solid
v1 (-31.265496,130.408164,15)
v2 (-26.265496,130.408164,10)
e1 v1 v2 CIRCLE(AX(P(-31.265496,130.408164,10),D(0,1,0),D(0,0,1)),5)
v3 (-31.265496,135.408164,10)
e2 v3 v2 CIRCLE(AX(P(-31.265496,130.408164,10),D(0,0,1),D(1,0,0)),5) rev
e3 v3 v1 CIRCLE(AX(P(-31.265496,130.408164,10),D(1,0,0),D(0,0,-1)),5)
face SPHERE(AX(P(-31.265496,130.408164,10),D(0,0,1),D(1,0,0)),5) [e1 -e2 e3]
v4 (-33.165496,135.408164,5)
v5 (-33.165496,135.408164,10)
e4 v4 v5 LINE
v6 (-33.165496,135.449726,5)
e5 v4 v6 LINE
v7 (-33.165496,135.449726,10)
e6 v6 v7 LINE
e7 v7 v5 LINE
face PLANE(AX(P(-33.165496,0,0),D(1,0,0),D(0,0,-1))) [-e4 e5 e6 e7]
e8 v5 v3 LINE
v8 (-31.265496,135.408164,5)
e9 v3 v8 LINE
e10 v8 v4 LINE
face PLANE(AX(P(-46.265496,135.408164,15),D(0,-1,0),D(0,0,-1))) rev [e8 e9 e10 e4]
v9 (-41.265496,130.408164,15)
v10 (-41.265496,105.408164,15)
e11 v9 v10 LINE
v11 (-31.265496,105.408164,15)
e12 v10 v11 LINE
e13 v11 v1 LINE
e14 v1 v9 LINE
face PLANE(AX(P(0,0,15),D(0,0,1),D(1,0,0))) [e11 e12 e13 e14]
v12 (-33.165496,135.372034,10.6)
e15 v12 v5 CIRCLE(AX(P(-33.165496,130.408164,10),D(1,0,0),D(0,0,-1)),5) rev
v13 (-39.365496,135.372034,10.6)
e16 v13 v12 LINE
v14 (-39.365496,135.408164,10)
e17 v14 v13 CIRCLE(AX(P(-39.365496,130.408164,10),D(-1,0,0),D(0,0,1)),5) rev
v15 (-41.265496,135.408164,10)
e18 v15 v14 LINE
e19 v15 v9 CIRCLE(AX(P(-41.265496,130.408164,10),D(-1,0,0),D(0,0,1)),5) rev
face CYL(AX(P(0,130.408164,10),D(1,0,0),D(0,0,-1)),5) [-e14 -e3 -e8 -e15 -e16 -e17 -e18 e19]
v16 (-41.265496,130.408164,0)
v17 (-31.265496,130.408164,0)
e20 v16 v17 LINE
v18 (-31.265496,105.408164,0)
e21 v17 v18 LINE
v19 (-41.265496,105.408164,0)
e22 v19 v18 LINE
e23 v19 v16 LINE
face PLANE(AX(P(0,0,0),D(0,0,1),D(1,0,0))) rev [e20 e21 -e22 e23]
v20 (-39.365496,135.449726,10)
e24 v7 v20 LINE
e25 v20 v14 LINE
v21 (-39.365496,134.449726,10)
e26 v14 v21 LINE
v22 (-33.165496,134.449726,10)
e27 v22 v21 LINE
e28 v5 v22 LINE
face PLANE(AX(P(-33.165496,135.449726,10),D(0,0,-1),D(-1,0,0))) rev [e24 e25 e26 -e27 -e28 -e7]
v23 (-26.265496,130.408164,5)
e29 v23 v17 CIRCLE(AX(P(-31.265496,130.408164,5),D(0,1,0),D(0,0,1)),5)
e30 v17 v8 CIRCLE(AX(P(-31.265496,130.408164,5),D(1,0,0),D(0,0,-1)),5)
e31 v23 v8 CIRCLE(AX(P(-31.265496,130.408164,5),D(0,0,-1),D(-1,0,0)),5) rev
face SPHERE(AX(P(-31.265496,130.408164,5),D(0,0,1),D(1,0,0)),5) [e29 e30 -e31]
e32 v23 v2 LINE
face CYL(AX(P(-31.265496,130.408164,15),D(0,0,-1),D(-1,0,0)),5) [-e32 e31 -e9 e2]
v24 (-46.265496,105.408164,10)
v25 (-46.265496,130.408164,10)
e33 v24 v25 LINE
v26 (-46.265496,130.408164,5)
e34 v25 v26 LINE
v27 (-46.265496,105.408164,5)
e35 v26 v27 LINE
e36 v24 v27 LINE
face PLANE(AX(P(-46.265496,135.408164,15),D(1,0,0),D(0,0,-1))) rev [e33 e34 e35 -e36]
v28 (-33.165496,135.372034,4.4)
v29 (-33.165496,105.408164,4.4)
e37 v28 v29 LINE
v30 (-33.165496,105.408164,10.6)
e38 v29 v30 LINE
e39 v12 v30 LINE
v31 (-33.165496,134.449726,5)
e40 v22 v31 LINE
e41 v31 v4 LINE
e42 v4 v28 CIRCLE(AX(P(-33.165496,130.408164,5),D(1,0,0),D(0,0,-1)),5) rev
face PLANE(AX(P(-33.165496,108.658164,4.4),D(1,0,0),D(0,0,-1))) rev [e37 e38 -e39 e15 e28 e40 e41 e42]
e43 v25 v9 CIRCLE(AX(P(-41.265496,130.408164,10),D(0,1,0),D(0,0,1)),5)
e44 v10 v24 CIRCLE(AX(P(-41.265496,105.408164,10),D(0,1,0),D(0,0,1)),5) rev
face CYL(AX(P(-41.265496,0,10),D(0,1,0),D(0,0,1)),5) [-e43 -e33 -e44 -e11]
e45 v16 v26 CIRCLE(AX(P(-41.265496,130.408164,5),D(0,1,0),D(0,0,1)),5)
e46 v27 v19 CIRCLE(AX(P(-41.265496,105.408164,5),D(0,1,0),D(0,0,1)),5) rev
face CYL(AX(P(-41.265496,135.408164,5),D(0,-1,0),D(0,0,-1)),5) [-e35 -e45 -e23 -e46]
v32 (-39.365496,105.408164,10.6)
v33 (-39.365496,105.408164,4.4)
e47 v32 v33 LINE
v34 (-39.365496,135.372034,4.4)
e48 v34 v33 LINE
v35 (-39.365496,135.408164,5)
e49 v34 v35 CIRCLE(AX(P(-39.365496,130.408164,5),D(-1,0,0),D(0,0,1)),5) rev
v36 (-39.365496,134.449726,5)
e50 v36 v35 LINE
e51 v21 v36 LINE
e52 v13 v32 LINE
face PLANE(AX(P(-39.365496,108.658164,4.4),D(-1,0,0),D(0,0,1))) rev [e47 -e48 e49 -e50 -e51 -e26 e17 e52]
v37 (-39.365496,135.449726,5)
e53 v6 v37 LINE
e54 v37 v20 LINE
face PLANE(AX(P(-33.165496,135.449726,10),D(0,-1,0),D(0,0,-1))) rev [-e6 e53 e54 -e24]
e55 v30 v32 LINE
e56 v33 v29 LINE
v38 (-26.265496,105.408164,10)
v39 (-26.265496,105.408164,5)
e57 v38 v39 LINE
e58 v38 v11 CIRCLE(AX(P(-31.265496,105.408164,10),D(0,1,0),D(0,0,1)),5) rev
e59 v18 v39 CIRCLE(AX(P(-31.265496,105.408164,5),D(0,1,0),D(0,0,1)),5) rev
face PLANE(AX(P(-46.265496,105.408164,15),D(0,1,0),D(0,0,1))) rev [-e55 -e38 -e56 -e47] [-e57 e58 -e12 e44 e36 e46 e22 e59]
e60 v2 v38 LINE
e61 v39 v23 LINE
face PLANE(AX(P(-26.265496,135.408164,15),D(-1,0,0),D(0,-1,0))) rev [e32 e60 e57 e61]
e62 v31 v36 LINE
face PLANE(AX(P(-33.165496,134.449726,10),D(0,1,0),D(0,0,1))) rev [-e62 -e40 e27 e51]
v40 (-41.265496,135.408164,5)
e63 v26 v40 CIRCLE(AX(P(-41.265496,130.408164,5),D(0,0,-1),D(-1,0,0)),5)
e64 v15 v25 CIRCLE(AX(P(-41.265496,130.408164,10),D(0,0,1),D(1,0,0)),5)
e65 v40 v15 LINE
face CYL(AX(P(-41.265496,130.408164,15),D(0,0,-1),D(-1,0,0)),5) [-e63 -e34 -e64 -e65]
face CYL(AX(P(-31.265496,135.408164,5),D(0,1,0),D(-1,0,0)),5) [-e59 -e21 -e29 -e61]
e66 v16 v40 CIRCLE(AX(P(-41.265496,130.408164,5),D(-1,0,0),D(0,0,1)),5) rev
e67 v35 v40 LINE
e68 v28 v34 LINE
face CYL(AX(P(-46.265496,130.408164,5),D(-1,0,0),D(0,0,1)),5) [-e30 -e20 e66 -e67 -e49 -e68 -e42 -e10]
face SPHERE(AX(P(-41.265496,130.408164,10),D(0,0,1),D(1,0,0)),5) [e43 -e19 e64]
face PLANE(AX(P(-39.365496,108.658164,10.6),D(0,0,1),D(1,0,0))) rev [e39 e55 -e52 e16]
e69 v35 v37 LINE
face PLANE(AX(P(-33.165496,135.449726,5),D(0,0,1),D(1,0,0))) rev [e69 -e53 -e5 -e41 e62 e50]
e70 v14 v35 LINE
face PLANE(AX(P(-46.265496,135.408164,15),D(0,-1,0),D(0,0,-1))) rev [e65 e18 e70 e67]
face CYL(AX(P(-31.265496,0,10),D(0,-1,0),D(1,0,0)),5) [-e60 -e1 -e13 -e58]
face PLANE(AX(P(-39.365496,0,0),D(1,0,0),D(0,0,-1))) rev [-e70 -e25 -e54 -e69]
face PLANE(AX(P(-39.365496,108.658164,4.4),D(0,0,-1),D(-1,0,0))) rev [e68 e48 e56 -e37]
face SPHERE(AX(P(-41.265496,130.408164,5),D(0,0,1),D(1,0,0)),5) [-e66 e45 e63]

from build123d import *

# Parameters (mm, degrees)
SKETCH1_W           = 20
SKETCH1_H           = 30
BOSS_EXTRUDE1_DEPTH = 15
SKETCH2_W           = 6.2
SKETCH2_H           = 6.2
CUT_EXTRUDE1_DEPTH  = 3.25
FILLET1_R           = 5
SKETCH4_W           = 6.2
SKETCH4_H           = 6.2
CUT_EXTRUDE2_DEPTH  = 68
SKETCH6_W           = 5
SKETCH6_H           = 1
BOSS_EXTRUDE3_DEPTH = 6.2


with BuildPart() as part:
    # Sketch1 → Boss-Extrude1 (new body)
    with BuildSketch(Plane.XY):
        with Locations((-36.265495527, 120.408164147)):
            Rectangle(SKETCH1_W, SKETCH1_H)
    extrude(amount=BOSS_EXTRUDE1_DEPTH)

    # Sketch2 → Cut-Extrude1 (cut)
    with BuildSketch(Plane(origin=(0, 105.408164147, 0), x_dir=(-1, 0, 0), z_dir=(0, -1, 0))):
        with Locations((36.265495527, -7.5)):
            Rectangle(SKETCH2_W, SKETCH2_H)
    extrude(amount=-CUT_EXTRUDE1_DEPTH, mode=Mode.SUBTRACT)

    # Fillet1
    fillet1_edges = [part.edges().sort_by_distance(p)[0] for p in [
        (-46.265495527, 120.408164147, 15),
        (-26.265495527, 120.408164147, 15),
        (-46.265495527, 120.408164147, 0),
        (-36.265495527, 135.408164147, 0),
        (-26.265495527, 120.408164147, 0),
        (-36.265495527, 135.408164147, 15),
        (-46.265495527, 135.408164147, 7.5),
        (-26.265495527, 135.408164147, 7.5),
    ]]
    fillet(fillet1_edges, radius=FILLET1_R)

    # Sketch4 → Cut-Extrude2 (cut)
    with BuildSketch(Plane.XZ.offset(-108.658164147)):
        with Locations((-36.265495527, 7.5)):
            Rectangle(SKETCH4_W, SKETCH4_H)
    extrude(amount=-CUT_EXTRUDE2_DEPTH, mode=Mode.SUBTRACT)

    # Sketch6 → Boss-Extrude3 (add)
    with BuildSketch(Plane(origin=(-39.365495527, 0, 0), x_dir=(0, 0, -1), z_dir=(1, 0, 0))):
        with Locations((-7.5, 134.949726458)):
            Rectangle(SKETCH6_W, SKETCH6_H)
    extrude(amount=BOSS_EXTRUDE3_DEPTH)


solid = part.part
